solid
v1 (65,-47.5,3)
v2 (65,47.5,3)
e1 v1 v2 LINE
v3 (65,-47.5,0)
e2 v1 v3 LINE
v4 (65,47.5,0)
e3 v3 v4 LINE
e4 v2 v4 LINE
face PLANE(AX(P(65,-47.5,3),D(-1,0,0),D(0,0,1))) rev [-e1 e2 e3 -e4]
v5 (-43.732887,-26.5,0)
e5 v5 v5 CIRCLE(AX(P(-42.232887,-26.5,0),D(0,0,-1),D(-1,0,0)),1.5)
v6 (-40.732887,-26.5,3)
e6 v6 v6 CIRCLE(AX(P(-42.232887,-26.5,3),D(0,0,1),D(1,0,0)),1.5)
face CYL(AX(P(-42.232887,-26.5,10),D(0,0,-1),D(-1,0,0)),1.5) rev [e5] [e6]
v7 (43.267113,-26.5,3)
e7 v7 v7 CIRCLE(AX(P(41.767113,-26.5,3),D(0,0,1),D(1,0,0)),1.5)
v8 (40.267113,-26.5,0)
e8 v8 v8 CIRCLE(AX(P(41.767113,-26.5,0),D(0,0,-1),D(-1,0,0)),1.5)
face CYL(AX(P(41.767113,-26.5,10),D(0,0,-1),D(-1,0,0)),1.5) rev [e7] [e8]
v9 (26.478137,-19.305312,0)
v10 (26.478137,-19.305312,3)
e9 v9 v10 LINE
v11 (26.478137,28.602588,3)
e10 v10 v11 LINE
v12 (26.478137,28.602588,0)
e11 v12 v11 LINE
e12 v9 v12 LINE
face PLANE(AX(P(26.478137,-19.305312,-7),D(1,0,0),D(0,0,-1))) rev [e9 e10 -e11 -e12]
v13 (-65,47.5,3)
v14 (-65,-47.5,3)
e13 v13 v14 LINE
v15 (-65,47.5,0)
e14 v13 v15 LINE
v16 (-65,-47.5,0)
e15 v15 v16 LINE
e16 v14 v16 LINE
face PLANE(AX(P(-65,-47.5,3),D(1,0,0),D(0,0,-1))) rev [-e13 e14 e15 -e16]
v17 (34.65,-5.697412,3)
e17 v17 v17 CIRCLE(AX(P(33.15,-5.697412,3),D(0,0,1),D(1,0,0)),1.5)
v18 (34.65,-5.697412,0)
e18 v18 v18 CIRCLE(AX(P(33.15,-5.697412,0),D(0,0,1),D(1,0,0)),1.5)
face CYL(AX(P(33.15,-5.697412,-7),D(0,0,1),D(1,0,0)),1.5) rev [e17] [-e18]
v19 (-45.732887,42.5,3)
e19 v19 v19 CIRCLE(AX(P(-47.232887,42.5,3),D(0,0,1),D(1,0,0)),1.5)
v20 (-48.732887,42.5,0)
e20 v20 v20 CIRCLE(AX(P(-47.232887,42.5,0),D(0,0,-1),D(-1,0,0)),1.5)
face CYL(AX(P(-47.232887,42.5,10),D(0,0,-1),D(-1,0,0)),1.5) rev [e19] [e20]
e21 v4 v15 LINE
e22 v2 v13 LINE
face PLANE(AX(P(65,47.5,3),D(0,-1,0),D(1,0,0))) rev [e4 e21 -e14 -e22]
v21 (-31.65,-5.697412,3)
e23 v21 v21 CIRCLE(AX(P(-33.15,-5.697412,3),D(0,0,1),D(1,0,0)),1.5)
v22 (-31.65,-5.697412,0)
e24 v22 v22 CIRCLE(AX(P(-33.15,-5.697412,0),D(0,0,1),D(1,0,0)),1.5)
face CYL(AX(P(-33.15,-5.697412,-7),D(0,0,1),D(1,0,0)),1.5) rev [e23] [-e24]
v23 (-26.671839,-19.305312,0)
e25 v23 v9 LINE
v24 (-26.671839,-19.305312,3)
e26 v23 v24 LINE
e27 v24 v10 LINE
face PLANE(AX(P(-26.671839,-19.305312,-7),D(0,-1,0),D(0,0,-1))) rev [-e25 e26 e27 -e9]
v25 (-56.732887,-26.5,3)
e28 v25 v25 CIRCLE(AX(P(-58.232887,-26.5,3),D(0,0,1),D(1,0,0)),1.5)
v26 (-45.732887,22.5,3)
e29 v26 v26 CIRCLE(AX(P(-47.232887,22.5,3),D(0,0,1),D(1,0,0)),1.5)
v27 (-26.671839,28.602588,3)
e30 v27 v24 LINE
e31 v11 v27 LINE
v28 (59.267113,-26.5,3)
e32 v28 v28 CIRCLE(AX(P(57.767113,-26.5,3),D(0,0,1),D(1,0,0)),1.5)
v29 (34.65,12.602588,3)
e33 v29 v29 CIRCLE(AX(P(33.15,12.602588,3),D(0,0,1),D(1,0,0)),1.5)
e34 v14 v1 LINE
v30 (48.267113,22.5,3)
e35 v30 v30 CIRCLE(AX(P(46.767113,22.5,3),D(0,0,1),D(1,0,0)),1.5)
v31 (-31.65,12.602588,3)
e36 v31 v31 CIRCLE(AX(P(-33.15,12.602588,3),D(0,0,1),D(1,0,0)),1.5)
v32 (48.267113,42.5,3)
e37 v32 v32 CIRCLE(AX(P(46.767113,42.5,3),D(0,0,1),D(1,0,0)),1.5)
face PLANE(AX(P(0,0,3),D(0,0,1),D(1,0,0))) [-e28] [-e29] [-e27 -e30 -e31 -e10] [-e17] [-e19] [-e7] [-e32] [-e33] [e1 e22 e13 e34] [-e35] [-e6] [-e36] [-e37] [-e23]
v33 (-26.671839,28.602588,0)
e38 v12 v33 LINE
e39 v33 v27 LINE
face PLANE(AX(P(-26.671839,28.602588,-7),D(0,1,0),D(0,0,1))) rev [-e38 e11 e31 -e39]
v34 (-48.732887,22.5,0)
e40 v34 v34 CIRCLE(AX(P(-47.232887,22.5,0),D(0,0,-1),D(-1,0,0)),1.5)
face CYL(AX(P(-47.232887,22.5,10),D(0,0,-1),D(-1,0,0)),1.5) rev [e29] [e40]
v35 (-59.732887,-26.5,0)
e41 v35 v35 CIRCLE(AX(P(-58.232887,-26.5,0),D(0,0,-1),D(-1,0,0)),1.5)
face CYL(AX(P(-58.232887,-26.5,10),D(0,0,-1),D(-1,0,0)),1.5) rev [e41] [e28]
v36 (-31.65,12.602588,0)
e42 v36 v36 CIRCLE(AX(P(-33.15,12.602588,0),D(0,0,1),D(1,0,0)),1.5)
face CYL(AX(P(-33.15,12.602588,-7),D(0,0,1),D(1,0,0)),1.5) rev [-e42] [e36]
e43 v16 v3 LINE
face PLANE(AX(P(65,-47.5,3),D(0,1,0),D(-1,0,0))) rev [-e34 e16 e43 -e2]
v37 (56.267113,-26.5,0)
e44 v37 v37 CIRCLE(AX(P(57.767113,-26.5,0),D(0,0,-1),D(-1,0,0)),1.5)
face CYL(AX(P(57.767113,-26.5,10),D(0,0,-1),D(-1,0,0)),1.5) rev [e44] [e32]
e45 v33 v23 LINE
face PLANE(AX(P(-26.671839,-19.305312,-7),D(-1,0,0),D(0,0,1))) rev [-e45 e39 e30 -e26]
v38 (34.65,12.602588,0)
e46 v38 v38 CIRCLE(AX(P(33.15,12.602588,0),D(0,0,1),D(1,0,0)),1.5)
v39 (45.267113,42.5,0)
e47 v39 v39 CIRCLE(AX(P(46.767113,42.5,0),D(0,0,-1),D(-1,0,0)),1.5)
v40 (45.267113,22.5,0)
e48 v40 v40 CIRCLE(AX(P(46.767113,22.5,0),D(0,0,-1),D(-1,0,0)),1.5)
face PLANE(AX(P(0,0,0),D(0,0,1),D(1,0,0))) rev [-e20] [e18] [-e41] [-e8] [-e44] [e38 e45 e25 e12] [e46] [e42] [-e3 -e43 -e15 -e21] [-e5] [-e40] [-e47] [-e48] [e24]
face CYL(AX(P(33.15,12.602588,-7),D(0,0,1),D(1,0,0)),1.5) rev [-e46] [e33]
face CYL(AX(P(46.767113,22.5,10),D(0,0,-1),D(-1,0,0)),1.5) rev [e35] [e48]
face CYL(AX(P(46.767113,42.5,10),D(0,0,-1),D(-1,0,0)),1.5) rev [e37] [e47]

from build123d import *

# Parameters (mm, degrees)
SKETCH_1_W           = 130
SKETCH_1_H           = 95
EXTRUDE_1_DEPTH      = 3
SKETCH_3_R           = 1.5
CUT_EXTRUDE_2_DEPTH  = 10
SKETCH_4_R           = 1.5
CUT_EXTRUDE_3_DEPTH  = 10
SKETCH_15_R          = 12.75
CUT_EXTRUDE_8_DEPTH  = 10
SKETCH_16_R          = 1.25
CUT_EXTRUDE_9_DEPTH  = 10
SKETCH_18_R          = 1.5
SKETCH_18_W          = 53.14997645
SKETCH_18_H          = 47.90789948
CUT_EXTRUDE_10_DEPTH = 10


with BuildPart() as part:
    # 草图1 → 凸台-拉伸1 (new body)
    with BuildSketch(Plane.XY):
        Rectangle(SKETCH_1_W, SKETCH_1_H)
    extrude(amount=EXTRUDE_1_DEPTH)

    # 草图3 → 切除-拉伸2 (cut)
    with BuildSketch(Plane(origin=(0, 0, 0), x_dir=(-1, 0, 0), z_dir=(0, 0, -1))):
        with Locations((-57.767112616, -26.5)):
            Circle(SKETCH_3_R)
        with Locations((-41.767112616, -26.5)):
            Circle(SKETCH_3_R)
        with Locations((42.232887384, -26.5)):
            Circle(SKETCH_3_R)
        with Locations((58.232887384, -26.5)):
            Circle(SKETCH_3_R)
    extrude(amount=-CUT_EXTRUDE_2_DEPTH, mode=Mode.SUBTRACT)

    # 草图4 → 切除-拉伸3 (cut)
    with BuildSketch(Plane(origin=(0, 0, 0), x_dir=(-1, 0, 0), z_dir=(0, 0, -1))):
        with Locations((-46.767112616, 42.5)):
            Circle(SKETCH_4_R)
        with Locations((-46.767112616, 22.5)):
            Circle(SKETCH_4_R)
        with Locations((47.232887384, 42.5)):
            Circle(SKETCH_4_R)
        with Locations((47.232887384, 22.5)):
            Circle(SKETCH_4_R)
    extrude(amount=-CUT_EXTRUDE_3_DEPTH, mode=Mode.SUBTRACT)

    # 草图15 → 切除-拉伸8 (cut)
    with BuildSketch(Plane(origin=(0, 0, 0), x_dir=(-1, 0, 0), z_dir=(0, 0, -1))):
        with Locations((0, 7.452587902)):
            Circle(SKETCH_15_R)
    extrude(amount=-CUT_EXTRUDE_8_DEPTH, mode=Mode.SUBTRACT)

    # 草图16 → 切除-拉伸9 (cut)
    with BuildSketch(Plane(origin=(0, 0, 0), x_dir=(-1, 0, 0), z_dir=(0, 0, -1))):
        with Locations((-15.5, 22.952587902)):
            Circle(SKETCH_16_R)
        with Locations((15.5, 22.952587902)):
            Circle(SKETCH_16_R)
        with Locations((15.5, -8.047412098)):
            Circle(SKETCH_16_R)
        with Locations((-15.5, -8.047412098)):
            Circle(SKETCH_16_R)
    extrude(amount=-CUT_EXTRUDE_9_DEPTH, mode=Mode.SUBTRACT)

    # 草图18 → 切除-拉伸10 (cut)
    with BuildSketch(Plane.XY.offset(3)):
        with Locations((-33.15, 12.602587902)):
            Circle(SKETCH_18_R)
        with Locations((-33.15, -5.697412098)):
            Circle(SKETCH_18_R)
        with Locations((33.15, 12.602587902)):
            Circle(SKETCH_18_R)
        with Locations((33.15, -5.697412098)):
            Circle(SKETCH_18_R)
        with Locations((-0.096851142, 4.648638162)):
            Rectangle(SKETCH_18_W, SKETCH_18_H)
    extrude(amount=-CUT_EXTRUDE_10_DEPTH, mode=Mode.SUBTRACT)


solid = part.part
